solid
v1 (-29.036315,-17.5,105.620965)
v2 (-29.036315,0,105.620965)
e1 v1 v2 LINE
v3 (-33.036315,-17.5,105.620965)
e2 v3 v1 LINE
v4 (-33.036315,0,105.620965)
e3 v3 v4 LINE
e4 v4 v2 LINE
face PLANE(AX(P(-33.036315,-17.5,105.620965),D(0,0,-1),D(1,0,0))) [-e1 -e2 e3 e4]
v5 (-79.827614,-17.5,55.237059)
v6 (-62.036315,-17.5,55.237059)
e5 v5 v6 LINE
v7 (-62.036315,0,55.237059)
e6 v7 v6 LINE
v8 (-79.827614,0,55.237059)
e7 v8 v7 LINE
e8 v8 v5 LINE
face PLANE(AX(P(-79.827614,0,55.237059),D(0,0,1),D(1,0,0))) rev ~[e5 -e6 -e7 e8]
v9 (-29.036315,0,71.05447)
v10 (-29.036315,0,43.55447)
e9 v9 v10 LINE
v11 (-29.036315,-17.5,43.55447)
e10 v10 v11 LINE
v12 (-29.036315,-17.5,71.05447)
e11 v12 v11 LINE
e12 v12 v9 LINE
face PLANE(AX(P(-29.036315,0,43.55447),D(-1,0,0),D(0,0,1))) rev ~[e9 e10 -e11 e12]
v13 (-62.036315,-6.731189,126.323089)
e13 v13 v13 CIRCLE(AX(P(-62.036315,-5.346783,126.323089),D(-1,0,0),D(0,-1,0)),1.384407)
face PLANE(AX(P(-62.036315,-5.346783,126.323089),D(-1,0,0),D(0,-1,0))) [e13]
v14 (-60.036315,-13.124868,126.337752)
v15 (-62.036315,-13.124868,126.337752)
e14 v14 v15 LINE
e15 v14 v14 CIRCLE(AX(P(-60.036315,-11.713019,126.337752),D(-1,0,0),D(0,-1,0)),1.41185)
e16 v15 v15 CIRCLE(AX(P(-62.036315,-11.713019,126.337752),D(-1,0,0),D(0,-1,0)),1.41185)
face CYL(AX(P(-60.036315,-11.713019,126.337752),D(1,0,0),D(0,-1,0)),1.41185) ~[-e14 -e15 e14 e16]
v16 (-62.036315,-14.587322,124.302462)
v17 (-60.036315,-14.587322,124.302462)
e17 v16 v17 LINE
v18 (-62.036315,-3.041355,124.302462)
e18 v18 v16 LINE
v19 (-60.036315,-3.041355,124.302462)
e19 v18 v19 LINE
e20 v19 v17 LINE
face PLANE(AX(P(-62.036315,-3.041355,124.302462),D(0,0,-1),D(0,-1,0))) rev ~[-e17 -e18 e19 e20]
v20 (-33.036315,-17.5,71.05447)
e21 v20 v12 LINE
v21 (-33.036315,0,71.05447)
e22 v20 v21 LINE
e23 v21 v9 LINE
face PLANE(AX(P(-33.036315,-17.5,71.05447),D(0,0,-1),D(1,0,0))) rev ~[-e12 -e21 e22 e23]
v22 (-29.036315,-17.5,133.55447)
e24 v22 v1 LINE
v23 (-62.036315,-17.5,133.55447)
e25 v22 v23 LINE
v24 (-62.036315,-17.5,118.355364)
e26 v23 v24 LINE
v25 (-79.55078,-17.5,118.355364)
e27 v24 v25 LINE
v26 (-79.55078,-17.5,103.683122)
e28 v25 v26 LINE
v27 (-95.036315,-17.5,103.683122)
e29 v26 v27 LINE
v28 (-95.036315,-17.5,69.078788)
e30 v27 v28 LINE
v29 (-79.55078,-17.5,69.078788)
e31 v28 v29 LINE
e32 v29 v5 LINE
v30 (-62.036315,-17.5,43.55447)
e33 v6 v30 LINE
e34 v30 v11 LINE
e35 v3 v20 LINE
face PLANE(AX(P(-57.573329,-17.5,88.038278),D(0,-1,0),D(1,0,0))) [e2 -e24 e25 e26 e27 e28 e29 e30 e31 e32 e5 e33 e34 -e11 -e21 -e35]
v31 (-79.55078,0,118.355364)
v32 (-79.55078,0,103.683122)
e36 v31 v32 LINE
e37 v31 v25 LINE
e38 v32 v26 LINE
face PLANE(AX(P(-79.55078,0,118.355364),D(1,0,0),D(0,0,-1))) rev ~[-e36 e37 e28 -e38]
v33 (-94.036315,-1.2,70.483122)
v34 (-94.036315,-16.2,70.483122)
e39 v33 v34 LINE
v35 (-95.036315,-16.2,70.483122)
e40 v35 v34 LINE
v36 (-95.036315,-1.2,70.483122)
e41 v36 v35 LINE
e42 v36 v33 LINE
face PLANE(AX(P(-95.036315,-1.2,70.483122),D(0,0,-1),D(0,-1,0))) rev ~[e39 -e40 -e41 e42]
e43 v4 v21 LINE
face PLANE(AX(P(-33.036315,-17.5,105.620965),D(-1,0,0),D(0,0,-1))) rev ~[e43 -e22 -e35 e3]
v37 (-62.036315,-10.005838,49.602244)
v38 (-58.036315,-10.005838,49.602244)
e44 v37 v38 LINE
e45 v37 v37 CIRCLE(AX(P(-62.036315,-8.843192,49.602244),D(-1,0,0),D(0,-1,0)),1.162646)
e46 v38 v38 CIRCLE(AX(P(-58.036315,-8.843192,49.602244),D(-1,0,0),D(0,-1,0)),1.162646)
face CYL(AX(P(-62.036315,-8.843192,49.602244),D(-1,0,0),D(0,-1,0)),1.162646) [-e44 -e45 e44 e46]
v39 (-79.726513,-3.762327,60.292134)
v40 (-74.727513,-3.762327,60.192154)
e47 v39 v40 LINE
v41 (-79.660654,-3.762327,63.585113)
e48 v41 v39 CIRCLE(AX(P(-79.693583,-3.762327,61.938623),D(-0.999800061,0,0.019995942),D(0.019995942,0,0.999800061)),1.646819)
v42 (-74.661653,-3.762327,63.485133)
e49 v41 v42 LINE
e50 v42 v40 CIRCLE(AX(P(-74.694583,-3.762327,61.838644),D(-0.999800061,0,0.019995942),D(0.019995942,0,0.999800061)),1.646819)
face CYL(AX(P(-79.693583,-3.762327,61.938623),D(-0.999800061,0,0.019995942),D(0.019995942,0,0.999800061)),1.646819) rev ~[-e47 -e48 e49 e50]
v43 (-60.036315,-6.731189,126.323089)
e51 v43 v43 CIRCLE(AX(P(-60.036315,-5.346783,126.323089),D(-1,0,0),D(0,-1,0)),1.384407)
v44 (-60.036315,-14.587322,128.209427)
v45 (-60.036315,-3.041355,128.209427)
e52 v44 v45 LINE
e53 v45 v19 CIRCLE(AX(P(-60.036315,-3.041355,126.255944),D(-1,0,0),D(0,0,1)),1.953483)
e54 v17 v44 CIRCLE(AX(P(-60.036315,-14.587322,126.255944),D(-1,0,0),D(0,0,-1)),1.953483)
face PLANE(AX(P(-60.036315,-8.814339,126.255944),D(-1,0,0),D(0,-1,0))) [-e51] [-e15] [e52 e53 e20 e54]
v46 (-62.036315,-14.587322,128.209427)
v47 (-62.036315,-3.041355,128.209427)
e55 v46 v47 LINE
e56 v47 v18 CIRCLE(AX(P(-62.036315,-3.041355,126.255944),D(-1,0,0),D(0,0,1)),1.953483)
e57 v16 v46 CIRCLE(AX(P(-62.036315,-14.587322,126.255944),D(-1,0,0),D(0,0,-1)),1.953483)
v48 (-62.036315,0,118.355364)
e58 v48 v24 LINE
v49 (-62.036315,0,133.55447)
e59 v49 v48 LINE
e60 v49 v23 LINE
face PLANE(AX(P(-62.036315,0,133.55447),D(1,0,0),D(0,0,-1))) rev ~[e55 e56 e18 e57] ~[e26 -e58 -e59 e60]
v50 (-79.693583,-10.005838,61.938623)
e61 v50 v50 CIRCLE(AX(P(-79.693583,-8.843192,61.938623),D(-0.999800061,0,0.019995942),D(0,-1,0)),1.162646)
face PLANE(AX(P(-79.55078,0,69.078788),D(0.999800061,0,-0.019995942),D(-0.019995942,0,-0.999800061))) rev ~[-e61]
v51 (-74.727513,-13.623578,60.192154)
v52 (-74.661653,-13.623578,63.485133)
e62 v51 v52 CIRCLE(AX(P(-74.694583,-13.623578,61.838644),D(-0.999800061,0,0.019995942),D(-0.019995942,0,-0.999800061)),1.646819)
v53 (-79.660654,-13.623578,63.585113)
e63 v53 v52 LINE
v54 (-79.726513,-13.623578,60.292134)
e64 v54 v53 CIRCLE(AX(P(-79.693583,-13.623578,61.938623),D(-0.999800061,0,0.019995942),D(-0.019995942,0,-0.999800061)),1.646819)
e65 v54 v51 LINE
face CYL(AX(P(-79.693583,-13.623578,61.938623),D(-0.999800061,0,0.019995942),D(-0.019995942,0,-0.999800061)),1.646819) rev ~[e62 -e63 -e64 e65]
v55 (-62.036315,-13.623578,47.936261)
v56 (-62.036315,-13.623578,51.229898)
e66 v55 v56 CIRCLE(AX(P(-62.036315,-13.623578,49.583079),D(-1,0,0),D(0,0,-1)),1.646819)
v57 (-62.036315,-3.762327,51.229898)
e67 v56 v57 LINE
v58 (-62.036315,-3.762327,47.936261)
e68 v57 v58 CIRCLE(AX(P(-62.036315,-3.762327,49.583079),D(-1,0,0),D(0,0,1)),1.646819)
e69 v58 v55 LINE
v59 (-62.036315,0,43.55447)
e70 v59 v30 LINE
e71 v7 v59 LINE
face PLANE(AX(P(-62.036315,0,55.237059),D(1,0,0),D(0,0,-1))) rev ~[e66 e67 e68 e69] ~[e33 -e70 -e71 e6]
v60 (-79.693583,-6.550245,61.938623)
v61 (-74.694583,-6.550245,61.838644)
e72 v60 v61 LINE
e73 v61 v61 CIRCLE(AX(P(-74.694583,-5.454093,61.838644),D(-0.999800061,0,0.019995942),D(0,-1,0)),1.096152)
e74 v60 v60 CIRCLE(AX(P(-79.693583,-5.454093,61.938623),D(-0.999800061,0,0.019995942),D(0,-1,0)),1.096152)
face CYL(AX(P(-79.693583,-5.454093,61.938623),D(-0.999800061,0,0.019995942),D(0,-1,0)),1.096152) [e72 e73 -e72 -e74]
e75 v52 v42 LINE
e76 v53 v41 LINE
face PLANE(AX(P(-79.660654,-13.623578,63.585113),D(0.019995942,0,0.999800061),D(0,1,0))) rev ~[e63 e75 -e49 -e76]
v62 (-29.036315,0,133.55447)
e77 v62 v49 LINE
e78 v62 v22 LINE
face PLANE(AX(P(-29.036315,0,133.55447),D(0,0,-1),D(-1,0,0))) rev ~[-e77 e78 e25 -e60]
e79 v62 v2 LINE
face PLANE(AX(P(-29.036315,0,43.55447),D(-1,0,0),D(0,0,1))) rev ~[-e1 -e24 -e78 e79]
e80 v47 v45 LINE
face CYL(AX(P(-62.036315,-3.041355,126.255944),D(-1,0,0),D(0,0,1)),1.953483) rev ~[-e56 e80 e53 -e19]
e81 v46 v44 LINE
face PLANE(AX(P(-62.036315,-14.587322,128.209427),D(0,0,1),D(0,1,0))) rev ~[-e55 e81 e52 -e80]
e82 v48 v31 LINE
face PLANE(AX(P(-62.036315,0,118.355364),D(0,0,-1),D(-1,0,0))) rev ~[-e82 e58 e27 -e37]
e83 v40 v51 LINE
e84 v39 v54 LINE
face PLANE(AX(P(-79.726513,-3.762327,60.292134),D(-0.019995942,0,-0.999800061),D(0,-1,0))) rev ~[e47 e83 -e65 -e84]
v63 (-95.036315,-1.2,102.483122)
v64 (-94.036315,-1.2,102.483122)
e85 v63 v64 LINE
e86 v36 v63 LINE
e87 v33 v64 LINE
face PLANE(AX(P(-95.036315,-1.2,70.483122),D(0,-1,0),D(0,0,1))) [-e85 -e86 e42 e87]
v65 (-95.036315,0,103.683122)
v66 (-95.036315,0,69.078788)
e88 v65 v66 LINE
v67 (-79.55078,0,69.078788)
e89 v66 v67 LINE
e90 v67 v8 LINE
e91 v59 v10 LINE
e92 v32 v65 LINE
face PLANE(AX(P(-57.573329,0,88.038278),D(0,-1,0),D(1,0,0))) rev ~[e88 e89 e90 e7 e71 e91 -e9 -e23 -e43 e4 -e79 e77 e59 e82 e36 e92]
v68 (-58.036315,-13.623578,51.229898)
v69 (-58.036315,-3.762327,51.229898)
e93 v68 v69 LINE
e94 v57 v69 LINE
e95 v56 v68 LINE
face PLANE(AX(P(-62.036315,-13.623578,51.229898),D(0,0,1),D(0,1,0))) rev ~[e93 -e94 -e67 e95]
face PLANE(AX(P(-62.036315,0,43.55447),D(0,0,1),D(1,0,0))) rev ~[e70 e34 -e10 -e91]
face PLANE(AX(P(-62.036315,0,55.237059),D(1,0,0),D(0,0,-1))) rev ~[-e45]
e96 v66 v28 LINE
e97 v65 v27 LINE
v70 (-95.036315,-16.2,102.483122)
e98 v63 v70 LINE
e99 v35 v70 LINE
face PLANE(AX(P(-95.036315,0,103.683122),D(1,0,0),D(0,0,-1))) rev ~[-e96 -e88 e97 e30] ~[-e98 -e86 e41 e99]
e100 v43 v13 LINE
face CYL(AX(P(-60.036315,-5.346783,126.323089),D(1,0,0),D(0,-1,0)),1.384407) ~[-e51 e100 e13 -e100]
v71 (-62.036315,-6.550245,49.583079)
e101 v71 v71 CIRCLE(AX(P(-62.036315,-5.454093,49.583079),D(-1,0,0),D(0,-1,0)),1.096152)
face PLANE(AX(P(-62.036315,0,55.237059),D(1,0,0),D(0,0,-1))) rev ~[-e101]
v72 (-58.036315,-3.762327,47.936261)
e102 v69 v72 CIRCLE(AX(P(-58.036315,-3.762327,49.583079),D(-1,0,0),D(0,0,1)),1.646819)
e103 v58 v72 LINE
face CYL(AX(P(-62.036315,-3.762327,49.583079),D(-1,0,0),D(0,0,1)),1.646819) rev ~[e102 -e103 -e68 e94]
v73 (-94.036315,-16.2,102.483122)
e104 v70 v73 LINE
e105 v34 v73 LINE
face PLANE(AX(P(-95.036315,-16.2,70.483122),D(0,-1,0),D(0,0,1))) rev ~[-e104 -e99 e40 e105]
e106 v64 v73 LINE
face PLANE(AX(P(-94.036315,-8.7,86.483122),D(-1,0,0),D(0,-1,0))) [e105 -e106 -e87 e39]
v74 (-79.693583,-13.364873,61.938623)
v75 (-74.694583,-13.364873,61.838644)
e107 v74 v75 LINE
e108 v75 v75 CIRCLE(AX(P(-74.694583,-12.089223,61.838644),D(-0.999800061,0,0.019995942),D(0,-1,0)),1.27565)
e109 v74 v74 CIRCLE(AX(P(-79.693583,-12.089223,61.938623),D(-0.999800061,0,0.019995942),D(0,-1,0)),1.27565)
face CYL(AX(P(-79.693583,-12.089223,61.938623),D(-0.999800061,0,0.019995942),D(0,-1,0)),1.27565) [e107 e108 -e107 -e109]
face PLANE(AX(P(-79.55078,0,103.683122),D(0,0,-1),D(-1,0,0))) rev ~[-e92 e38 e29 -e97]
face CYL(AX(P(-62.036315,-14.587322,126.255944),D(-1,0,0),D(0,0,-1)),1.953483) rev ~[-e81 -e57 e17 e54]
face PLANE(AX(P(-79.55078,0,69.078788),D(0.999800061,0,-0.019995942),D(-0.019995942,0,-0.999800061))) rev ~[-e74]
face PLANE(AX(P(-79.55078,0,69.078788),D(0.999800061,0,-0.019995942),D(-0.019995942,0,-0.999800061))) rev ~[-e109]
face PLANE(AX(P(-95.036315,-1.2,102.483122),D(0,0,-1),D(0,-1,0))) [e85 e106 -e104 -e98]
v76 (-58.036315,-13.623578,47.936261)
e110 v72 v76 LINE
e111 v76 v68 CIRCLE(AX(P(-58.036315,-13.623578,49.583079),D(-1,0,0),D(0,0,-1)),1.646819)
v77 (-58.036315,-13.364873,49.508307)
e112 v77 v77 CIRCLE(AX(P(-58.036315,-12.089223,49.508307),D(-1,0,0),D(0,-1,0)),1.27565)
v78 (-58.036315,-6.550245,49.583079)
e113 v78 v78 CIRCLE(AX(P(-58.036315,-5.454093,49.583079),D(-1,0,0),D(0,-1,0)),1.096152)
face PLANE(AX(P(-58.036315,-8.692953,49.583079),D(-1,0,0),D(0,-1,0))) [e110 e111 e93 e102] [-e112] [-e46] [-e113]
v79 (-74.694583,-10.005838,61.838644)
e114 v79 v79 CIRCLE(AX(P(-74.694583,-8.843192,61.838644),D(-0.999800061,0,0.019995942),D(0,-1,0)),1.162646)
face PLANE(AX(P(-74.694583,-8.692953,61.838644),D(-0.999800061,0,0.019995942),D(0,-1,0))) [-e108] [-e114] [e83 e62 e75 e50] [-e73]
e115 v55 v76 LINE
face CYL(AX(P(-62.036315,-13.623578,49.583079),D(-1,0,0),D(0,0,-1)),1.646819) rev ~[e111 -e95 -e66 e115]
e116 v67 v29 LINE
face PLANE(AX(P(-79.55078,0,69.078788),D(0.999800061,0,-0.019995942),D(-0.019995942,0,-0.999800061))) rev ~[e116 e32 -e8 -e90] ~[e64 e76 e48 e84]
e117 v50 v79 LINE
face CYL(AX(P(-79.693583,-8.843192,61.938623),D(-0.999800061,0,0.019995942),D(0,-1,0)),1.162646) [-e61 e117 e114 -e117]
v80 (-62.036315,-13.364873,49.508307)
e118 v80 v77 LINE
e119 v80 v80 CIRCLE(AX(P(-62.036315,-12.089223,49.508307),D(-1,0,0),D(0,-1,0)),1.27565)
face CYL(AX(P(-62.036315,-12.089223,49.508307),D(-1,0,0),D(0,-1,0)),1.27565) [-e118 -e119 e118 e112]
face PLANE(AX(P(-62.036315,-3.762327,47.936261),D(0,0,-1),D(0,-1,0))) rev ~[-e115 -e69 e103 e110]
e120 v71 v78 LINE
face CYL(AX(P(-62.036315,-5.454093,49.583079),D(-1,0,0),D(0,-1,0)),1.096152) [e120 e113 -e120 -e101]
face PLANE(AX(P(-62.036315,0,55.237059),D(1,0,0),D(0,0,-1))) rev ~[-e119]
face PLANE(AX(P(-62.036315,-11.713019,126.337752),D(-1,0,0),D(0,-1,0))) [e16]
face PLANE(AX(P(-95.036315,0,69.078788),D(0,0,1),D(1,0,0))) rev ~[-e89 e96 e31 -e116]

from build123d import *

# Parameters (mm, degrees)
F1_DEPTH  = 17.5
F3_DEPTH  = 2
F4_R      = 1.3844066796
F4_R_2    = 1.4118495886
F5_DEPTH  = 2
F6_R      = 1.09615194
F6_R_2    = 1.1626457349
F6_R_3    = 1.2756503746
F7_DEPTH  = 4
F9_DEPTH  = 42.8725
F8_W      = 4
F8_H      = 17.0664954185
F8_H_2    = 17.5
F10_DEPTH = 25
F11_R     = 1.09615194
F11_R_2   = 1.1626457349
F11_R_3   = 1.2756503746
F12_DEPTH = 5
F13_W     = 15
F13_H     = 32
F14_DEPTH = 1


with BuildPart() as f1:
    # F0 (on Front) → F1 (new body)
    with BuildSketch(Plane.XZ):
        Polygon((-29.036315158, 133.554469943), (-62.036315158, 133.554469943), (-62.036315158, 118.3553636074), (-79.5507803559, 118.3553636074), (-79.5507803559, 103.6831215024), (-95.036315158, 103.6831215024), (-95.036315158, 69.0787881613), (-79.5507803559, 69.0787881613), (-79.8276141286, 55.2370585501), (-62.036315158, 55.2370585501), (-62.036315158, 43.554469943), (-29.036315158, 43.554469943), (-29.036315158, 66.5872767568), (-34.9804013968, 66.5872767568), (-34.9804013968, 105.6209653616), (-29.036315158, 105.6209653616), align=None)
    extrude(amount=F1_DEPTH)

    # F2 (on face) → F3 (cut)
    with BuildSketch(Plane(origin=(-62.036315158, 0, 0), x_dir=(0, -1, 0), z_dir=(-1, 0, 0))):
        with BuildLine():
            Line((14.58732225, 128.2094269991), (3.0413551722, 128.2094269991))
            ThreePointArc((3.0413551722, 128.2094269991), (1.0878725443, 126.2559443712), (3.0413551722, 124.3024617434))
            Line((3.0413551722, 124.3024617434), (14.58732225, 124.3024617434))
            ThreePointArc((14.58732225, 124.3024617434), (16.5408048779, 126.2559443712), (14.58732225, 128.2094269991))
        make_face()
    extrude(amount=-F3_DEPTH, mode=Mode.SUBTRACT)

    # F4 (on face) → F5 (join)
    with BuildSketch(Plane(origin=(-60.036315158, 0, 0), x_dir=(0, -1, 0), z_dir=(-1, 0, 0))):
        with Locations((5.3467825055, 126.3230890036)):
            Circle(F4_R)
        with Locations((11.7130186409, 126.3377517462)):
            Circle(F4_R_2)
    extrude(amount=F5_DEPTH)

    # F6 (on face) → F7 (cut)
    with BuildSketch(Plane(origin=(-62.036315158, 0, 0), x_dir=(0, -1, 0), z_dir=(-1, 0, 0))):
        with BuildLine():
            Line((13.6235784739, 51.2298978865), (3.7623266689, 51.2298978865))
            ThreePointArc((3.7623266689, 51.2298978865), (2.1155080758, 49.5830792934), (3.7623266689, 47.9362607002))
            Line((3.7623266689, 47.9362607002), (13.6235784739, 47.9362607002))
            ThreePointArc((13.6235784739, 47.9362607002), (15.2703970671, 49.5830792934), (13.6235784739, 51.2298978865))
        make_face()
        with Locations((5.4540927522, 49.5830792934)):
            Circle(F6_R, mode=Mode.SUBTRACT)
        with Locations((8.8431918994, 49.6022440493)):
            Circle(F6_R_2, mode=Mode.SUBTRACT)
        with Locations((12.0892226696, 49.5083071291)):
            Circle(F6_R_3, mode=Mode.SUBTRACT)
    extrude(amount=-F7_DEPTH, mode=Mode.SUBTRACT)

    # F9 (add): a face of the model
    f9_faces = [f1.faces().sort_by_distance(p)[0] for p in [
        (-32.0083582774, -8.75, 105.6209653616),
    ]]
    extrude(f9_faces, amount=F9_DEPTH)

    # F8 (on face) → F10 (cut)
    with BuildSketch(Plane.XZ.offset(17.5)):
        with Locations((-31.036315158, 97.0877176523)):
            Rectangle(F8_W, F8_H)
        with Locations((-31.036315158, 79.804469943)):
            Rectangle(F8_W, F8_H_2)
    extrude(amount=-F10_DEPTH, mode=Mode.SUBTRACT)

    # F11 (on face) → F12 (cut)
    with BuildSketch(Plane(origin=(-80.8999922237, 0, 1.6179950544), x_dir=(0, -1, 0), z_dir=(-0.9998000612, 0, 0.019995942))):
        with BuildLine():
            Line((13.6235784739, 61.979509742), (3.7623266689, 61.979509742))
            ThreePointArc((3.7623266689, 61.979509742), (2.1155080758, 60.3326911488), (3.7623266689, 58.6858725557))
            Line((3.7623266689, 58.6858725557), (13.6235784739, 58.6858725557))
            ThreePointArc((13.6235784739, 58.6858725557), (15.2703970671, 60.3326911488), (13.6235784739, 61.979509742))
        make_face()
        with Locations((5.4540927522, 60.3326911488)):
            Circle(F11_R, mode=Mode.SUBTRACT)
        with Locations((8.8431918994, 60.3326911488)):
            Circle(F11_R_2, mode=Mode.SUBTRACT)
        with Locations((12.0892226696, 60.3326911488)):
            Circle(F11_R_3, mode=Mode.SUBTRACT)
    extrude(amount=-F12_DEPTH, mode=Mode.SUBTRACT)

    # F13 (on face) → F14 (cut)
    with BuildSketch(Plane(origin=(-95.036315158, 0, 0), x_dir=(0, -1, 0), z_dir=(-1, 0, 0))):
        with Locations((8.7, 86.4831215024)):
            Rectangle(F13_W, F13_H)
    extrude(amount=-F14_DEPTH, mode=Mode.SUBTRACT)


solid = f1.part
